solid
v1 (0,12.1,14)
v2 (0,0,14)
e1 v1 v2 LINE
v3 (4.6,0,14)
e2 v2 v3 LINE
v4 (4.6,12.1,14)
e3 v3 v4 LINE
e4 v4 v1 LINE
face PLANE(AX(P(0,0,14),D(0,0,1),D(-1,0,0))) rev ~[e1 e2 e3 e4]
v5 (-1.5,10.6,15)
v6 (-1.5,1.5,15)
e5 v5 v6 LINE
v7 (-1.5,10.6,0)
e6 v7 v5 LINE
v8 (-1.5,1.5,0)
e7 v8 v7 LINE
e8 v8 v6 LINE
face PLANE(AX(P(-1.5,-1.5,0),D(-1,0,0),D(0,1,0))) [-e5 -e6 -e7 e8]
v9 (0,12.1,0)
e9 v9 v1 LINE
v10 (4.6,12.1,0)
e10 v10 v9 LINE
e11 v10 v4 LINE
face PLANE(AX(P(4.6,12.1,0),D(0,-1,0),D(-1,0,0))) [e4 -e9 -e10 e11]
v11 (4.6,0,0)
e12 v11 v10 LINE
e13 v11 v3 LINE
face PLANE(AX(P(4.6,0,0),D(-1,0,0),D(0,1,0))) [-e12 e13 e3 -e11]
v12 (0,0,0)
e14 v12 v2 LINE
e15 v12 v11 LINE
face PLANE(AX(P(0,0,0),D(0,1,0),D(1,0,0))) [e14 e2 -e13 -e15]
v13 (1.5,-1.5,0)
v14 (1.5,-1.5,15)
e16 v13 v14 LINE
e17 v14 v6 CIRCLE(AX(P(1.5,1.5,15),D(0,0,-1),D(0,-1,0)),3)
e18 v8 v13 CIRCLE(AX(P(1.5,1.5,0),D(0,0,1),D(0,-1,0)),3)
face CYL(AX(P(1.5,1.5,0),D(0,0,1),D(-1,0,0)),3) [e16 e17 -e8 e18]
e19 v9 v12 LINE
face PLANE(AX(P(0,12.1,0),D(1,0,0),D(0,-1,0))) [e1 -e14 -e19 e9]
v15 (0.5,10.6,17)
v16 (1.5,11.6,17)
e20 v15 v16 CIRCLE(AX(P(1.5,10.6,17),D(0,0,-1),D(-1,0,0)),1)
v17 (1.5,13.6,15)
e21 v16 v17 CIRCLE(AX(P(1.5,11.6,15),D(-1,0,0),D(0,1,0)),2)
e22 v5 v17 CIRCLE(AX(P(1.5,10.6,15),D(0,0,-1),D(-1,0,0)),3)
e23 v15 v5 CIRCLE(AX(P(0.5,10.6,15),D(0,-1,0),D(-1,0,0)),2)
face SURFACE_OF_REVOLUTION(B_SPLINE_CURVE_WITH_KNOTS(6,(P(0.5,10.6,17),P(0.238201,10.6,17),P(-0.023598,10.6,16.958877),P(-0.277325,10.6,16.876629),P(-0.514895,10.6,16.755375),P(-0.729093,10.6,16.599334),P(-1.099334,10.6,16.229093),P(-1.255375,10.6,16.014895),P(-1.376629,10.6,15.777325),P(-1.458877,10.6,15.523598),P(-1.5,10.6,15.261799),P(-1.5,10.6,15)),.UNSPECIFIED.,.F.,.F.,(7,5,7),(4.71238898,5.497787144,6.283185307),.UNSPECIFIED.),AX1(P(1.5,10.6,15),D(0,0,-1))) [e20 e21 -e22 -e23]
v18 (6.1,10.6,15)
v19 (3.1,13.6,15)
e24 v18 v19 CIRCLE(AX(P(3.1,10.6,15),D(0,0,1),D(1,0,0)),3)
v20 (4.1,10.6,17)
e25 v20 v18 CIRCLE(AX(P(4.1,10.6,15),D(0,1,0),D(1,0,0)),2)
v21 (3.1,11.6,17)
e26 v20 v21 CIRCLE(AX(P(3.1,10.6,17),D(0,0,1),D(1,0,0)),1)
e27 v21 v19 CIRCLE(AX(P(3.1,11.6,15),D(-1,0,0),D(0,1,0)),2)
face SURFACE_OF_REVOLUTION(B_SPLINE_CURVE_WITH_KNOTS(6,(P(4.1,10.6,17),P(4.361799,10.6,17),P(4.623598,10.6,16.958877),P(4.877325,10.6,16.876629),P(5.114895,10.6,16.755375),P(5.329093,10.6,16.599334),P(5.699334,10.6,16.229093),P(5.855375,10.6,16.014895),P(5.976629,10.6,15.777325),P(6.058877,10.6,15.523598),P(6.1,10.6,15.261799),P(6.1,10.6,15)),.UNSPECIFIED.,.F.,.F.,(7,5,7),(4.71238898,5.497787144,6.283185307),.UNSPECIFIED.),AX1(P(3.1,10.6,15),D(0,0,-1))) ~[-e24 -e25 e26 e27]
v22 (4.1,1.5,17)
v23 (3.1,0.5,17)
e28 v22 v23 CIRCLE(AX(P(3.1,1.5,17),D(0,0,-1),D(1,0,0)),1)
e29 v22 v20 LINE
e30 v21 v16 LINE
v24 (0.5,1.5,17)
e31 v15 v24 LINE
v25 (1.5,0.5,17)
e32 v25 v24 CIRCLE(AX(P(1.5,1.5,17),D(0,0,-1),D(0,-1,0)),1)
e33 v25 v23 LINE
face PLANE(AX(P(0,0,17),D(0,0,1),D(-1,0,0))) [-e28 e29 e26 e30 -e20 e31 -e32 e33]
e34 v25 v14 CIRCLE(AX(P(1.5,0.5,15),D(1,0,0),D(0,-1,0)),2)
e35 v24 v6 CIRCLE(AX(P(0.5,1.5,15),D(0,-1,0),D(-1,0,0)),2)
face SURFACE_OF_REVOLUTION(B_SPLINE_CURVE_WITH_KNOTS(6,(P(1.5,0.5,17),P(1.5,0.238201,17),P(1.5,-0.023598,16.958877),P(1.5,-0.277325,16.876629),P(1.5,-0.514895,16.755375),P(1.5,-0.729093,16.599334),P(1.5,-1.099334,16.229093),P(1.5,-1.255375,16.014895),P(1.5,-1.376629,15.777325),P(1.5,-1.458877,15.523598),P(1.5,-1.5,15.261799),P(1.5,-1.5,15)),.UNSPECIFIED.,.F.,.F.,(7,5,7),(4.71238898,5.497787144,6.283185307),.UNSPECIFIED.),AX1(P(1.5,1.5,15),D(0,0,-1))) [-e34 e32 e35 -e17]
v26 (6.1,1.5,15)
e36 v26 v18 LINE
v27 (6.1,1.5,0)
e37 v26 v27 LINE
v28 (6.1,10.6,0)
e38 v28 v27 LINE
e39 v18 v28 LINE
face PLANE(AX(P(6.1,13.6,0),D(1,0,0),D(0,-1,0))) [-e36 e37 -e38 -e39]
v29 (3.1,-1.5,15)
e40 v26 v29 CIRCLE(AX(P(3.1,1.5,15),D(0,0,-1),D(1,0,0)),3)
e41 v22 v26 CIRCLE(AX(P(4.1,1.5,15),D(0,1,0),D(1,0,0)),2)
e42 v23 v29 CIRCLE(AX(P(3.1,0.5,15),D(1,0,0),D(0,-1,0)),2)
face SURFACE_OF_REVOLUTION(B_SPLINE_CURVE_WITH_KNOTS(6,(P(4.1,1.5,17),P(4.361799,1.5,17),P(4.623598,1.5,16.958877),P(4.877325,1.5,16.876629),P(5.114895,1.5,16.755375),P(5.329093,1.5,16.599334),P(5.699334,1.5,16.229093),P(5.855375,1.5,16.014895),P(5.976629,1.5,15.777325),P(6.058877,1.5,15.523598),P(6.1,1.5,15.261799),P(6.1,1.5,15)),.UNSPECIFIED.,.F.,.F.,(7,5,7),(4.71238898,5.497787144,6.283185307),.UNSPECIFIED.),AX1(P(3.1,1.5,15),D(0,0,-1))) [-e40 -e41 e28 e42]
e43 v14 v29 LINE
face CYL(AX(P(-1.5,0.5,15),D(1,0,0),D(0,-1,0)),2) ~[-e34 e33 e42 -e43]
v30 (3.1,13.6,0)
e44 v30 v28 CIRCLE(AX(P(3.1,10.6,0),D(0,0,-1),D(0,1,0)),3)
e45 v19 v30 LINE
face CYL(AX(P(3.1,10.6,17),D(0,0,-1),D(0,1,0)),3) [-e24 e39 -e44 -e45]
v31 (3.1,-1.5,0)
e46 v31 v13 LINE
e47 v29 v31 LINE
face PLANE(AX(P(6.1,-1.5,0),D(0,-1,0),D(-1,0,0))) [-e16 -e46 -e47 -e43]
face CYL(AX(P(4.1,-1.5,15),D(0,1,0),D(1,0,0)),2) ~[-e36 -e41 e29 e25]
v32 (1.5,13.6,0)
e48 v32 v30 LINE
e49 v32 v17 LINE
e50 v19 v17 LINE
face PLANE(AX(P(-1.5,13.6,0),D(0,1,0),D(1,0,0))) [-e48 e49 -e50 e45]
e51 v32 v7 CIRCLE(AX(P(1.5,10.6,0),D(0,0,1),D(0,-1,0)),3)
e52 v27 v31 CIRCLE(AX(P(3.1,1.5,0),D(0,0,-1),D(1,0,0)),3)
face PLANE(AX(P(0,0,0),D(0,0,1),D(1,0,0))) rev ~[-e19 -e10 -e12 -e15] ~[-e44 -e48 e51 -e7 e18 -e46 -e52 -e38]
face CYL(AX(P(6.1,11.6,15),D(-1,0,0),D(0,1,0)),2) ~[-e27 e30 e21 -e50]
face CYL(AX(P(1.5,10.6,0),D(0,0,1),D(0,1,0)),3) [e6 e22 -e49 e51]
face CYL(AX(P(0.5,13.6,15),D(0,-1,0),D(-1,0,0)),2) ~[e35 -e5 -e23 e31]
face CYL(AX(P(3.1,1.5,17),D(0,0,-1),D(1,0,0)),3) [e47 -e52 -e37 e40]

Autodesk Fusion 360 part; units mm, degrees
sketch "Sketch2" plane through (0, 0, 0) normal (0, 0, 1) x (1, 0, 0)
  line L0 (0, 0) -> (4.6, 0)
  line L1 (4.6, 0) -> (4.6, 12.1)
  line L2 (4.6, 12.1) -> (0, 12.1)
  line L3 (0, 12.1) -> (0, 0)
  line L4 (-1.5, 13.6) -> (6.1, 13.6)
  line L5 (6.1, 13.6) -> (6.1, -1.5)
  line L6 (6.1, -1.5) -> (-1.5, -1.5)
  line L7 (-1.5, -1.5) -> (-1.5, 13.6)
  dimension "d1" = 4.6
  dimension "d2" = 12.1
  dimension "d3" = 1.5
  dimension "d4" = 1.5
  dimension "d5" = 1.5
  dimension "d6" = 1.5
extrude "Extrude1" add sketch "Sketch2" along normal blind 14
sketch "Sketch3" plane through (0, 0, 14) normal (0, 0, 1) x (-1, 0, 0)
  line L0 (0, 0) -> (0, -12.1)
  line L1 (0, -12.1) -> (-4.6, -12.1)
  line L2 (-4.6, -12.1) -> (-4.6, 0)
  line L3 (-4.6, 0) -> (0, 0)
  line L4 (1.5, 1.5) -> (-6.1, 1.5)
  line L5 (-6.1, 1.5) -> (-6.1, -13.6)
  line L6 (-6.1, -13.6) -> (1.5, -13.6)
  line L7 (1.5, -13.6) -> (1.5, 1.5)
  line L8 (1.5, -13.6) -> (-6.1, -13.6)
  line L9 (-6.1, -13.6) -> (-6.1, 1.5)
  line L10 (-6.1, 1.5) -> (1.5, 1.5)
  line L11 (1.5, 1.5) -> (1.5, -13.6)
extrude "Extrude2" add sketch "Sketch3" along normal blind 3 contours L0 L1 L2 L3 | L4 L5 L6 L7 L8 L9 L10 L11
fillet "Fillet1" radius 3 4 edges at (-1.5, 13.6, 8.5) (-1.5, -1.5, 8.5) (6.1, -1.5, 8.5) (6.1, 13.6, 8.5)
fillet "Fillet1" radius 2 4 edges at (6.1, 6.05, 17) (2.3, -1.5, 17) (-1.5, 6.05, 17) (2.3, 13.6, 17)
equation "d4 = d3"
equation "d5 = d4"
equation "d6 = d3"
